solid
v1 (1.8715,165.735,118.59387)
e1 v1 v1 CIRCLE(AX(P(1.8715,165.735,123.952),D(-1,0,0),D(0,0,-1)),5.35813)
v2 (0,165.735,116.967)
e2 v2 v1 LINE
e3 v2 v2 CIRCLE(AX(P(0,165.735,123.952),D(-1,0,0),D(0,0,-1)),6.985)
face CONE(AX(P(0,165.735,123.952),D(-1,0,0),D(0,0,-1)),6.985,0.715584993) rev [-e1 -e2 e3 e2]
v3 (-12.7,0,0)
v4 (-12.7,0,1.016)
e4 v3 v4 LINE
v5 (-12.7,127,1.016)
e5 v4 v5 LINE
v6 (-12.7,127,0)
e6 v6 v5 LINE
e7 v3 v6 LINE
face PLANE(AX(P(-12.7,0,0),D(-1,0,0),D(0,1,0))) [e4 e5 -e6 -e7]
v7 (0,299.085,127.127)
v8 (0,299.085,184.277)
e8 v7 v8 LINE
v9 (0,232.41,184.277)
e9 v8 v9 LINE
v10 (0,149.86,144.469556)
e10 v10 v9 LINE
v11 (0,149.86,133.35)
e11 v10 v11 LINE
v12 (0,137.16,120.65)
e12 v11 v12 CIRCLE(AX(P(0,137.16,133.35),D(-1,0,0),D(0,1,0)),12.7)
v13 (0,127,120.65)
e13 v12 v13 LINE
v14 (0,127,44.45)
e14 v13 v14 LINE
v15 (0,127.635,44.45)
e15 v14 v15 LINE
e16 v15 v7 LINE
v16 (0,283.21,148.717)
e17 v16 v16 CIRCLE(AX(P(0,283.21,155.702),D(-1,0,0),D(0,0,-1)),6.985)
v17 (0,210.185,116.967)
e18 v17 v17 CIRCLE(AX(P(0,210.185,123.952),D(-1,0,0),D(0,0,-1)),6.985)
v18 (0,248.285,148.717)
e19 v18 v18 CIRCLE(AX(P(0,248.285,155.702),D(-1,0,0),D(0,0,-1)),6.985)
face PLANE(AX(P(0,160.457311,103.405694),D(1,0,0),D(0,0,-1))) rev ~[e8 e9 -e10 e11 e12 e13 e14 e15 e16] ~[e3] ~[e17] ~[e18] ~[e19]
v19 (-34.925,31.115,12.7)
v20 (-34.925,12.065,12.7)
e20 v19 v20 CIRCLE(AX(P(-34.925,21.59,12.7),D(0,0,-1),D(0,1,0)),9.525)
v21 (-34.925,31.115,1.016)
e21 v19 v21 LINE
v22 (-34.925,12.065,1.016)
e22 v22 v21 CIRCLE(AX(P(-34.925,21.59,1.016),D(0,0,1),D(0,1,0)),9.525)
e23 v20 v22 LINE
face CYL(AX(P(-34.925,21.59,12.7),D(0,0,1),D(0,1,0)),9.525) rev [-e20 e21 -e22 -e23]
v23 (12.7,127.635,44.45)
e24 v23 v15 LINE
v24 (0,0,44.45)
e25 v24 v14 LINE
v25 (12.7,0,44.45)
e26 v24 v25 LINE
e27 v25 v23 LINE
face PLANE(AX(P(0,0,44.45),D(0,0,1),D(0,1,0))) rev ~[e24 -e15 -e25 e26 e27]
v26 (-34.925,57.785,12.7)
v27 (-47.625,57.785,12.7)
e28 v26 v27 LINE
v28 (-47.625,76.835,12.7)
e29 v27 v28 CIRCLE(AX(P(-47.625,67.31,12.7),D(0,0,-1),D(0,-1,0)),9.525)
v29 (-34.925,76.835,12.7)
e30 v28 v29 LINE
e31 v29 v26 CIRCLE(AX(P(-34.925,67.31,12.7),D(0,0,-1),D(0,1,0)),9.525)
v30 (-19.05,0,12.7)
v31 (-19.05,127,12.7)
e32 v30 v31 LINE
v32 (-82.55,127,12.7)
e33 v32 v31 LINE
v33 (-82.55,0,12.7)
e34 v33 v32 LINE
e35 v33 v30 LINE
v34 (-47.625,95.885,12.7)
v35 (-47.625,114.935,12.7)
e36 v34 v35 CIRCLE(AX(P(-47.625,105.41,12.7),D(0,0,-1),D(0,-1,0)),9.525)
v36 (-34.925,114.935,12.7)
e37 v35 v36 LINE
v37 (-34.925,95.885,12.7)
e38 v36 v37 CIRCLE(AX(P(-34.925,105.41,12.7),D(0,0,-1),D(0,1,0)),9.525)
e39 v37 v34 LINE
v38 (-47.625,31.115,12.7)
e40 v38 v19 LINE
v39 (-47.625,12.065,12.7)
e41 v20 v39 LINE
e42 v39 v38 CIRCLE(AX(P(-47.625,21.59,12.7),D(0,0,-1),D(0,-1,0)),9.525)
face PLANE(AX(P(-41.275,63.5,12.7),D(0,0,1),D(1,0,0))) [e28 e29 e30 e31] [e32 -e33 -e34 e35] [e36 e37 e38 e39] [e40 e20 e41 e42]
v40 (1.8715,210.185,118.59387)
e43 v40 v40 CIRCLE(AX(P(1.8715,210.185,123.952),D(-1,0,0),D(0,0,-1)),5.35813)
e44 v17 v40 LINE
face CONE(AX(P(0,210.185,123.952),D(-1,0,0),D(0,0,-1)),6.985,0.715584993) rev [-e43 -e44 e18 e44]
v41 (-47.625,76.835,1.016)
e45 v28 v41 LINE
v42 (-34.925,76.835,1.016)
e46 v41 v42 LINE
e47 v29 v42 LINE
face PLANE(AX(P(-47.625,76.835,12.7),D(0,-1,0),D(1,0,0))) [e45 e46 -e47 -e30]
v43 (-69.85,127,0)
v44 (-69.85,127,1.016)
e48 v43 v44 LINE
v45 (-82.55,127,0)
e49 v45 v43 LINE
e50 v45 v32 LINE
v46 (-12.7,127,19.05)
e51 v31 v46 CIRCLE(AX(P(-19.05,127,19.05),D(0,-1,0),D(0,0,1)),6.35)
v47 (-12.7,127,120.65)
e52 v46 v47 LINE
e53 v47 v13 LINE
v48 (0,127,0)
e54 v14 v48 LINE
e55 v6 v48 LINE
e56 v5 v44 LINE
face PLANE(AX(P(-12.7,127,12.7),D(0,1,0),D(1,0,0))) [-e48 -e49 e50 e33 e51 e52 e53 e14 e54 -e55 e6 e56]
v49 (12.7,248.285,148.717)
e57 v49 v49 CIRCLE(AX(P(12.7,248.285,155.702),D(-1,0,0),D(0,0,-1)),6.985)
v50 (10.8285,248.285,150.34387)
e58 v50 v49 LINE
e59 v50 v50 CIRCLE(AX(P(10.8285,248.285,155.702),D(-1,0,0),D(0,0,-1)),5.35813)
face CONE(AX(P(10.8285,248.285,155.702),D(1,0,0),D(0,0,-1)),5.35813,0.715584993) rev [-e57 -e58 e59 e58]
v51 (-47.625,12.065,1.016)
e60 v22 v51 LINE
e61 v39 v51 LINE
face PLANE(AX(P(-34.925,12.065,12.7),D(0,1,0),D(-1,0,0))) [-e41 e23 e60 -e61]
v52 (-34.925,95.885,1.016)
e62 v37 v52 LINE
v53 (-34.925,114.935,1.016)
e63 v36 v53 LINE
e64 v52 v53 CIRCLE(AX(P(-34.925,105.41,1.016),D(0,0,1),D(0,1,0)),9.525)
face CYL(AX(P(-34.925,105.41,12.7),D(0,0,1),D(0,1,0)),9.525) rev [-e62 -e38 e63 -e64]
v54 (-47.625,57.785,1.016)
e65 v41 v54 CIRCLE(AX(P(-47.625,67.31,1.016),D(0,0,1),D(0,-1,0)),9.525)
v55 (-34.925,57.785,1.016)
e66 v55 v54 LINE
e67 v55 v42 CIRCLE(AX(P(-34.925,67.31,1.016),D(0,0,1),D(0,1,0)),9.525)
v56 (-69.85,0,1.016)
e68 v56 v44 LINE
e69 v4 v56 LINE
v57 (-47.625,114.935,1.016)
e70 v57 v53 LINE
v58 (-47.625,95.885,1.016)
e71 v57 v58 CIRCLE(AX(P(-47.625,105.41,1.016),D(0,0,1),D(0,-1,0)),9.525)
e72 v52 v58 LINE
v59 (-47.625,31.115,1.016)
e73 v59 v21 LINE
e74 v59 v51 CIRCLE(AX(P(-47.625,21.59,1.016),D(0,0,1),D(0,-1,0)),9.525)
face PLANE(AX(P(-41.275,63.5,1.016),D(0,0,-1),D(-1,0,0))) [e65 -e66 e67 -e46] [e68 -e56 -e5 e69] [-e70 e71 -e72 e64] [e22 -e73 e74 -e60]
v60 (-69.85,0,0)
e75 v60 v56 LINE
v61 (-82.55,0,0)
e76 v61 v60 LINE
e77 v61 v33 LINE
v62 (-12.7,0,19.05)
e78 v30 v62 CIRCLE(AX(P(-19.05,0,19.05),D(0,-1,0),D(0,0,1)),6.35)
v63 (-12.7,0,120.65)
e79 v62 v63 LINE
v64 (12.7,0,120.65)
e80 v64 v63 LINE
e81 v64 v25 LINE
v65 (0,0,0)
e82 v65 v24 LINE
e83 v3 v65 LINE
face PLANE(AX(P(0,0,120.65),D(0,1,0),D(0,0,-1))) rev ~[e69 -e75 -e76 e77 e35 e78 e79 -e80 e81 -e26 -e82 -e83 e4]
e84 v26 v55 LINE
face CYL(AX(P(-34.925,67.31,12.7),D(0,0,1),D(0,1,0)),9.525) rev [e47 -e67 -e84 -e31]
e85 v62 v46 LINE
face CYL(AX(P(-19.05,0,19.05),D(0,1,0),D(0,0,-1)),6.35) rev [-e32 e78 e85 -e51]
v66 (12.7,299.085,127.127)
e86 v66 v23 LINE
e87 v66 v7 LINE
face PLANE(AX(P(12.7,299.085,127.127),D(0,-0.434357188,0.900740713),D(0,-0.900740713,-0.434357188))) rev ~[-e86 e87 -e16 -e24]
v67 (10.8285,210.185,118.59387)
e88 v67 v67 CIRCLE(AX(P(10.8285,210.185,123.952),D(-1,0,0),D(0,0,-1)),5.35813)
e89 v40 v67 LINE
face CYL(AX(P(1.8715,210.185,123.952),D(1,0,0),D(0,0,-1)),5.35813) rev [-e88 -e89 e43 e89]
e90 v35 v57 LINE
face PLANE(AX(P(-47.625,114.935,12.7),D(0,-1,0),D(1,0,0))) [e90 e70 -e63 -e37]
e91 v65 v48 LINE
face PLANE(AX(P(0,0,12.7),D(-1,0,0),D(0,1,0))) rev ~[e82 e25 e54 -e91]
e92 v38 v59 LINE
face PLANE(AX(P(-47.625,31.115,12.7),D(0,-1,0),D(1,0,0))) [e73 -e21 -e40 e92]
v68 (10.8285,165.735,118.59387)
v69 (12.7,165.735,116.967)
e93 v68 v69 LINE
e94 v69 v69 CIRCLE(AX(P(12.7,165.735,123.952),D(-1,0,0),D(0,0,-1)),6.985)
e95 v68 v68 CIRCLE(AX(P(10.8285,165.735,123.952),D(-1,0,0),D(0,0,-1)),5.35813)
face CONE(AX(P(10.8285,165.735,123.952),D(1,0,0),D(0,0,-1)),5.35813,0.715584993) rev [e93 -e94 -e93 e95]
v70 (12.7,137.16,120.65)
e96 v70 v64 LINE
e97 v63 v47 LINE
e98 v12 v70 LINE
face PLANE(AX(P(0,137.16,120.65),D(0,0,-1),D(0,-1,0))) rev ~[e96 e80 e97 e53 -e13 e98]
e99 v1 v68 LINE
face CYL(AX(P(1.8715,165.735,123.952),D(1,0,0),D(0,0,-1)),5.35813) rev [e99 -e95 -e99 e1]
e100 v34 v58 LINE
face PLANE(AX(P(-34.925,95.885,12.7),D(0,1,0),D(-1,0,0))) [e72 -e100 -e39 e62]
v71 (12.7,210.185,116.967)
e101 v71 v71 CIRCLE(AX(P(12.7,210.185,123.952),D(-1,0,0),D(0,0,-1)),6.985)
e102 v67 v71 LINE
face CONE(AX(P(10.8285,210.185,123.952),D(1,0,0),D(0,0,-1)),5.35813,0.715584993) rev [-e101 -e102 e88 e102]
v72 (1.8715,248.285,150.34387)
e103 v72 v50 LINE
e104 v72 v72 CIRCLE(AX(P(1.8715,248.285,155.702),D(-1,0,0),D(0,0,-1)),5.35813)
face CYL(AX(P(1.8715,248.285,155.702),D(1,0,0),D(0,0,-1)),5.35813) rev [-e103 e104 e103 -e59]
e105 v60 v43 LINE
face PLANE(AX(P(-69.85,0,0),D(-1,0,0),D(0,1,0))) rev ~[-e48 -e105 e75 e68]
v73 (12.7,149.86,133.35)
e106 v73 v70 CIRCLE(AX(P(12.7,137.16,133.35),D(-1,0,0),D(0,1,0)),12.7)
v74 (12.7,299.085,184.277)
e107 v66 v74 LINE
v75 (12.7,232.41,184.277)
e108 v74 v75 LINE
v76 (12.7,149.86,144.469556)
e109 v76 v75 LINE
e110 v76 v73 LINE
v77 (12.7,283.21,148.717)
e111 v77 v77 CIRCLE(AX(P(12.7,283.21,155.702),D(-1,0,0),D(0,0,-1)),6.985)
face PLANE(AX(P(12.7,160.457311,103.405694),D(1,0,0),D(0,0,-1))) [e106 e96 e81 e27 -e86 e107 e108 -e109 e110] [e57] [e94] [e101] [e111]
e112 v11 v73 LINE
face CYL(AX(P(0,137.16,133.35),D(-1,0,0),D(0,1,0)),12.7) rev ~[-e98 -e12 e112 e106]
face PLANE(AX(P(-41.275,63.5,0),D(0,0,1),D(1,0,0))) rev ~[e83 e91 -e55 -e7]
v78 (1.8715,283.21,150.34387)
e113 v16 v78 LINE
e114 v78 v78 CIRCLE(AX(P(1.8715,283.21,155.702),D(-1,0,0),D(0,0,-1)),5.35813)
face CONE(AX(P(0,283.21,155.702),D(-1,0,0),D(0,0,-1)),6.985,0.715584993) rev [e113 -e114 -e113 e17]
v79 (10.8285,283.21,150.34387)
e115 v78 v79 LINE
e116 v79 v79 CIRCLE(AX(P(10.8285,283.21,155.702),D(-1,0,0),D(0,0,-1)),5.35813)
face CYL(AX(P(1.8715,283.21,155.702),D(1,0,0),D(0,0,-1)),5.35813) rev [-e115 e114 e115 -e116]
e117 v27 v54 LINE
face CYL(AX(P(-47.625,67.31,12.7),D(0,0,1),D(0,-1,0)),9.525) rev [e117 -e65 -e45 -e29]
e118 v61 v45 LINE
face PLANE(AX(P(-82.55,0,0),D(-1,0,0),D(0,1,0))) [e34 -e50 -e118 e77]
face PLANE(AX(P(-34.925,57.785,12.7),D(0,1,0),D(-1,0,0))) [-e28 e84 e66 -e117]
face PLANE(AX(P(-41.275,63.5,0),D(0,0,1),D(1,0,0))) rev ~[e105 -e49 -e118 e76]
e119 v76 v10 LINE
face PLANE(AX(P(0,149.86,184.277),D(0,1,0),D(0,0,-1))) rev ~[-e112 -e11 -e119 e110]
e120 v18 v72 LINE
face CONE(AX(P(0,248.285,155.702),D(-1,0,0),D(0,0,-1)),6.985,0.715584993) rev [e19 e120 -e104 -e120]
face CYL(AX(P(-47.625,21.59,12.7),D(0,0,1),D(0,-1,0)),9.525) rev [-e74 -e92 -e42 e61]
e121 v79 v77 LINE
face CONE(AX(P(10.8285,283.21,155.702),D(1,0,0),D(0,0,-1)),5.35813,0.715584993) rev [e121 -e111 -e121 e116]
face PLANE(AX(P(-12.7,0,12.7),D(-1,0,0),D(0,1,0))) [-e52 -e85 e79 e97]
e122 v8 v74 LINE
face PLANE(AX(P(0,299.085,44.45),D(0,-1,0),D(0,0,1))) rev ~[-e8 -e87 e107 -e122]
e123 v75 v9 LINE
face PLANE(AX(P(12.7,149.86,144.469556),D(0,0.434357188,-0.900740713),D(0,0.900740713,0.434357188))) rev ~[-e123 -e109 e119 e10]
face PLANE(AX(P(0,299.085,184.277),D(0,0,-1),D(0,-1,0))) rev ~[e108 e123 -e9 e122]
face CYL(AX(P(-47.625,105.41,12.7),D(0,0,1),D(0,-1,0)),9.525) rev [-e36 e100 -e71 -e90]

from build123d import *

# Parameters (mm, degrees)
SKETCH1_W                        = 82.55
SKETCH1_H                        = 127
EXTRUDE1_DEPTH                   = 12.7
SKETCH2_W                        = 57.15
SKETCH2_H                        = 127
CUT_EXTRUDE1_DEPTH               = 1.016
CUT_EXTRUDE2_REACH               = 14.7
SKETCH4_W                        = 12.7
SKETCH4_H                        = 127
EXTRUDE3_DEPTH                   = 107.95
EXTRUDE4_DEPTH                   = 12.7
CUT_EXTRUDE3_REACH               = 97.25
CUT_EXTRUDE4_DEPTH               = 96.25
F_1_2_13_TAPPED_HOLE1_AT_2_COUNT = 2
F_1_2_13_TAPPED_HOLE1_AT_2_PITCH = 34.925
F_1_2_13_TAPPED_HOLE2_AT_2_COUNT = 2
F_1_2_13_TAPPED_HOLE2_AT_2_PITCH = 44.45
FILLET1_R                        = 6.35
F_1_2_13_TAPPED_HOLE3_AT_2_COUNT = 2
F_1_2_13_TAPPED_HOLE3_AT_2_PITCH = 34.925
F_1_2_13_TAPPED_HOLE4_AT_2_COUNT = 2
F_1_2_13_TAPPED_HOLE4_AT_2_PITCH = 44.45


with BuildPart() as part:
    # Sketch1 → Extrude1 (new body)
    with BuildSketch(Plane.XY):
        with Locations((-41.275, 63.5)):
            Rectangle(SKETCH1_W, SKETCH1_H)
    extrude(amount=EXTRUDE1_DEPTH)

    # Sketch2 → Cut-Extrude1 (cut)
    with BuildSketch(Plane(origin=(0, 0, 0), x_dir=(-1, 0, 0), z_dir=(0, 0, -1))):
        with Locations((41.275, 63.5)):
            Rectangle(SKETCH2_W, SKETCH2_H)
    extrude(amount=-CUT_EXTRUDE1_DEPTH, mode=Mode.SUBTRACT)

    # Sketch3 → Cut-Extrude2 (cut, up to next)
    with BuildSketch(Plane.XY.offset(12.7), mode=Mode.PRIVATE) as cut_extrude2_sk1:
        with BuildLine():
            Line((-47.625, 114.935), (-34.925, 114.935))
            ThreePointArc((-34.925, 114.935), (-25.4, 105.41), (-34.925, 95.885))
            Line((-34.925, 95.885), (-47.625, 95.885))
            ThreePointArc((-47.625, 95.885), (-57.15, 105.41), (-47.625, 114.935))
        make_face()
    cut_extrude2_tool1 = extrude(cut_extrude2_sk1.sketch, amount=-CUT_EXTRUDE2_REACH, mode=Mode.PRIVATE) & part.part
    add(cut_extrude2_tool1.solids().sort_by_distance((-41.275, 105.41, 12.7))[0], mode=Mode.SUBTRACT)
    # Sketch3 → Cut-Extrude2 (cut, up to next)
    with BuildSketch(Plane.XY.offset(12.7), mode=Mode.PRIVATE) as cut_extrude2_sk2:
        with BuildLine():
            Line((-47.625, 31.115), (-34.925, 31.115))
            ThreePointArc((-34.925, 31.115), (-25.4, 21.59), (-34.925, 12.065))
            Line((-34.925, 12.065), (-47.625, 12.065))
            ThreePointArc((-47.625, 12.065), (-57.15, 21.59), (-47.625, 31.115))
        make_face()
    cut_extrude2_tool2 = extrude(cut_extrude2_sk2.sketch, amount=-CUT_EXTRUDE2_REACH, mode=Mode.PRIVATE) & part.part
    add(cut_extrude2_tool2.solids().sort_by_distance((-41.275, 21.59, 12.7))[0], mode=Mode.SUBTRACT)
    # Sketch3 → Cut-Extrude2 (cut, up to next)
    with BuildSketch(Plane.XY.offset(12.7), mode=Mode.PRIVATE) as cut_extrude2_sk3:
        with BuildLine():
            Line((-47.625, 76.835), (-34.925, 76.835))
            ThreePointArc((-34.925, 76.835), (-25.4, 67.31), (-34.925, 57.785))
            Line((-34.925, 57.785), (-47.625, 57.785))
            ThreePointArc((-47.625, 57.785), (-57.15, 67.31), (-47.625, 76.835))
        make_face()
    cut_extrude2_tool3 = extrude(cut_extrude2_sk3.sketch, amount=-CUT_EXTRUDE2_REACH, mode=Mode.PRIVATE) & part.part
    add(cut_extrude2_tool3.solids().sort_by_distance((-41.275, 67.31, 12.7))[0], mode=Mode.SUBTRACT)

    # Sketch4 → Extrude3 (add)
    with BuildSketch(Plane.XY.offset(12.7)):
        with Locations((-6.35, 63.5)):
            Rectangle(SKETCH4_W, SKETCH4_H)
    extrude(amount=EXTRUDE3_DEPTH)

    # Sketch5 → Extrude4 (add)
    with BuildSketch(Plane(origin=(0, 0, 0), x_dir=(0, 0, -1), z_dir=(1, 0, 0))):
        with BuildLine():
            Line((-120.65, 0), (-44.45, 0))
            Line((-44.45, 0), (-44.45, 299.085))
            Line((-44.45, 299.085), (-184.277, 299.085))
            Line((-184.277, 299.085), (-184.277, 149.86))
            Line((-184.277, 149.86), (-133.35, 149.86))
            ThreePointArc((-133.35, 149.86), (-124.369743879, 146.140256121), (-120.65, 137.16))
            Line((-120.65, 137.16), (-120.65, 0))
        make_face()
    extrude(amount=EXTRUDE4_DEPTH)

    # Sketch6 → Cut-Extrude3 (cut, up to next)
    with BuildSketch(Plane(origin=(12.7, 0, 0), x_dir=(0, 0, -1), z_dir=(1, 0, 0)), mode=Mode.PRIVATE) as cut_extrude3_sk1:
        Polygon((-127.127, 299.085), (-44.45, 127.635), (-44.45, 299.085), align=None)
    cut_extrude3_tool1 = extrude(cut_extrude3_sk1.sketch, amount=-CUT_EXTRUDE3_REACH, mode=Mode.PRIVATE) & part.part
    add(cut_extrude3_tool1.solids().sort_by_distance((12.7, 241.935, 72.009))[0], mode=Mode.SUBTRACT)

    # Sketch7 → Cut-Extrude4 (cut, through all)
    with BuildSketch(Plane(origin=(12.7, 0, 0), x_dir=(0, 0, -1), z_dir=(1, 0, 0))):
        Polygon((-184.277, 149.86), (-144.469555556, 149.86), (-184.277, 232.41), align=None)
    extrude(amount=-CUT_EXTRUDE4_DEPTH, mode=Mode.SUBTRACT)

    # Sketch8 → 1/2-13 Tapped Hole1 (revolve, cut)
    with BuildSketch(Plane(origin=(12.7, 248.285, 155.702), x_dir=(0, 0, -1), z_dir=(0, 1, 0))):
        Polygon((0, 0), (0, 12.7), (6.985, 12.7), (5.35813, 10.828500149), (5.35813, 1.871499851), (6.985, 0), align=None)
    f_1_2_13_tapped_hole1 = revolve(axis=Axis((19.05, 248.285, 155.702), (-1, 0, 0)), mode=Mode.SUBTRACT)

    # 1/2-13 Tapped Hole1 at 2: 1/2-13 Tapped Hole1 ×2
    with Locations(*[(0, i * F_1_2_13_TAPPED_HOLE1_AT_2_PITCH, 0) for i in range(1, F_1_2_13_TAPPED_HOLE1_AT_2_COUNT)]):
        add(f_1_2_13_tapped_hole1, mode=Mode.SUBTRACT)

    # Sketch10 → 1/2-13 Tapped Hole2 (revolve, cut)
    with BuildSketch(Plane(origin=(12.7, 210.185, 123.952), x_dir=(0, 0, -1), z_dir=(0, 1, 0))):
        Polygon((0, 0), (0, 12.7), (6.985, 12.7), (5.35813, 10.828500149), (5.35813, 1.871499851), (6.985, 0), align=None)
    f_1_2_13_tapped_hole2 = revolve(axis=Axis((19.05, 210.185, 123.952), (-1, 0, 0)), mode=Mode.SUBTRACT)

    # 1/2-13 Tapped Hole2 at 2: 1/2-13 Tapped Hole2 ×2
    with Locations(*[(0, -i * F_1_2_13_TAPPED_HOLE2_AT_2_PITCH, 0) for i in range(1, F_1_2_13_TAPPED_HOLE2_AT_2_COUNT)]):
        add(f_1_2_13_tapped_hole2, mode=Mode.SUBTRACT)

    # Fillet1
    fillet1_edges = [part.edges().sort_by_distance(p)[0] for p in [
        (-12.7, 63.5, 12.7),
    ]]
    fillet(fillet1_edges, radius=FILLET1_R)

    # Sketch16 → 1/2-13 Tapped Hole3 (revolve, cut)
    with BuildSketch(Plane(origin=(-95.25, 283.21, 155.702), x_dir=(0, 0, 1), z_dir=(0, 1, 0))):
        Polygon((0, 0), (0, 12.7), (6.985, 12.7), (5.35813, 10.828500149), (5.35813, 1.871499851), (6.985, 0), align=None)
    f_1_2_13_tapped_hole3 = revolve(axis=Axis((-101.6, 283.21, 155.702), (1, 0, 0)), mode=Mode.SUBTRACT)

    # 1/2-13 Tapped Hole3 at 2: 1/2-13 Tapped Hole3 ×2
    with Locations(*[(0, -i * F_1_2_13_TAPPED_HOLE3_AT_2_PITCH, 0) for i in range(1, F_1_2_13_TAPPED_HOLE3_AT_2_COUNT)]):
        add(f_1_2_13_tapped_hole3, mode=Mode.SUBTRACT)

    # Sketch18 → 1/2-13 Tapped Hole4 (revolve, cut)
    with BuildSketch(Plane(origin=(-95.25, 210.185, 123.952), x_dir=(0, 0, 1), z_dir=(0, 1, 0))):
        Polygon((0, 0), (0, 12.7), (6.985, 12.7), (5.35813, 10.828500149), (5.35813, 1.871499851), (6.985, 0), align=None)
    f_1_2_13_tapped_hole4 = revolve(axis=Axis((-101.6, 210.185, 123.952), (1, 0, 0)), mode=Mode.SUBTRACT)

    # 1/2-13 Tapped Hole4 at 2: 1/2-13 Tapped Hole4 ×2
    with Locations(*[(0, -i * F_1_2_13_TAPPED_HOLE4_AT_2_PITCH, 0) for i in range(1, F_1_2_13_TAPPED_HOLE4_AT_2_COUNT)]):
        add(f_1_2_13_tapped_hole4, mode=Mode.SUBTRACT)


solid = part.part
